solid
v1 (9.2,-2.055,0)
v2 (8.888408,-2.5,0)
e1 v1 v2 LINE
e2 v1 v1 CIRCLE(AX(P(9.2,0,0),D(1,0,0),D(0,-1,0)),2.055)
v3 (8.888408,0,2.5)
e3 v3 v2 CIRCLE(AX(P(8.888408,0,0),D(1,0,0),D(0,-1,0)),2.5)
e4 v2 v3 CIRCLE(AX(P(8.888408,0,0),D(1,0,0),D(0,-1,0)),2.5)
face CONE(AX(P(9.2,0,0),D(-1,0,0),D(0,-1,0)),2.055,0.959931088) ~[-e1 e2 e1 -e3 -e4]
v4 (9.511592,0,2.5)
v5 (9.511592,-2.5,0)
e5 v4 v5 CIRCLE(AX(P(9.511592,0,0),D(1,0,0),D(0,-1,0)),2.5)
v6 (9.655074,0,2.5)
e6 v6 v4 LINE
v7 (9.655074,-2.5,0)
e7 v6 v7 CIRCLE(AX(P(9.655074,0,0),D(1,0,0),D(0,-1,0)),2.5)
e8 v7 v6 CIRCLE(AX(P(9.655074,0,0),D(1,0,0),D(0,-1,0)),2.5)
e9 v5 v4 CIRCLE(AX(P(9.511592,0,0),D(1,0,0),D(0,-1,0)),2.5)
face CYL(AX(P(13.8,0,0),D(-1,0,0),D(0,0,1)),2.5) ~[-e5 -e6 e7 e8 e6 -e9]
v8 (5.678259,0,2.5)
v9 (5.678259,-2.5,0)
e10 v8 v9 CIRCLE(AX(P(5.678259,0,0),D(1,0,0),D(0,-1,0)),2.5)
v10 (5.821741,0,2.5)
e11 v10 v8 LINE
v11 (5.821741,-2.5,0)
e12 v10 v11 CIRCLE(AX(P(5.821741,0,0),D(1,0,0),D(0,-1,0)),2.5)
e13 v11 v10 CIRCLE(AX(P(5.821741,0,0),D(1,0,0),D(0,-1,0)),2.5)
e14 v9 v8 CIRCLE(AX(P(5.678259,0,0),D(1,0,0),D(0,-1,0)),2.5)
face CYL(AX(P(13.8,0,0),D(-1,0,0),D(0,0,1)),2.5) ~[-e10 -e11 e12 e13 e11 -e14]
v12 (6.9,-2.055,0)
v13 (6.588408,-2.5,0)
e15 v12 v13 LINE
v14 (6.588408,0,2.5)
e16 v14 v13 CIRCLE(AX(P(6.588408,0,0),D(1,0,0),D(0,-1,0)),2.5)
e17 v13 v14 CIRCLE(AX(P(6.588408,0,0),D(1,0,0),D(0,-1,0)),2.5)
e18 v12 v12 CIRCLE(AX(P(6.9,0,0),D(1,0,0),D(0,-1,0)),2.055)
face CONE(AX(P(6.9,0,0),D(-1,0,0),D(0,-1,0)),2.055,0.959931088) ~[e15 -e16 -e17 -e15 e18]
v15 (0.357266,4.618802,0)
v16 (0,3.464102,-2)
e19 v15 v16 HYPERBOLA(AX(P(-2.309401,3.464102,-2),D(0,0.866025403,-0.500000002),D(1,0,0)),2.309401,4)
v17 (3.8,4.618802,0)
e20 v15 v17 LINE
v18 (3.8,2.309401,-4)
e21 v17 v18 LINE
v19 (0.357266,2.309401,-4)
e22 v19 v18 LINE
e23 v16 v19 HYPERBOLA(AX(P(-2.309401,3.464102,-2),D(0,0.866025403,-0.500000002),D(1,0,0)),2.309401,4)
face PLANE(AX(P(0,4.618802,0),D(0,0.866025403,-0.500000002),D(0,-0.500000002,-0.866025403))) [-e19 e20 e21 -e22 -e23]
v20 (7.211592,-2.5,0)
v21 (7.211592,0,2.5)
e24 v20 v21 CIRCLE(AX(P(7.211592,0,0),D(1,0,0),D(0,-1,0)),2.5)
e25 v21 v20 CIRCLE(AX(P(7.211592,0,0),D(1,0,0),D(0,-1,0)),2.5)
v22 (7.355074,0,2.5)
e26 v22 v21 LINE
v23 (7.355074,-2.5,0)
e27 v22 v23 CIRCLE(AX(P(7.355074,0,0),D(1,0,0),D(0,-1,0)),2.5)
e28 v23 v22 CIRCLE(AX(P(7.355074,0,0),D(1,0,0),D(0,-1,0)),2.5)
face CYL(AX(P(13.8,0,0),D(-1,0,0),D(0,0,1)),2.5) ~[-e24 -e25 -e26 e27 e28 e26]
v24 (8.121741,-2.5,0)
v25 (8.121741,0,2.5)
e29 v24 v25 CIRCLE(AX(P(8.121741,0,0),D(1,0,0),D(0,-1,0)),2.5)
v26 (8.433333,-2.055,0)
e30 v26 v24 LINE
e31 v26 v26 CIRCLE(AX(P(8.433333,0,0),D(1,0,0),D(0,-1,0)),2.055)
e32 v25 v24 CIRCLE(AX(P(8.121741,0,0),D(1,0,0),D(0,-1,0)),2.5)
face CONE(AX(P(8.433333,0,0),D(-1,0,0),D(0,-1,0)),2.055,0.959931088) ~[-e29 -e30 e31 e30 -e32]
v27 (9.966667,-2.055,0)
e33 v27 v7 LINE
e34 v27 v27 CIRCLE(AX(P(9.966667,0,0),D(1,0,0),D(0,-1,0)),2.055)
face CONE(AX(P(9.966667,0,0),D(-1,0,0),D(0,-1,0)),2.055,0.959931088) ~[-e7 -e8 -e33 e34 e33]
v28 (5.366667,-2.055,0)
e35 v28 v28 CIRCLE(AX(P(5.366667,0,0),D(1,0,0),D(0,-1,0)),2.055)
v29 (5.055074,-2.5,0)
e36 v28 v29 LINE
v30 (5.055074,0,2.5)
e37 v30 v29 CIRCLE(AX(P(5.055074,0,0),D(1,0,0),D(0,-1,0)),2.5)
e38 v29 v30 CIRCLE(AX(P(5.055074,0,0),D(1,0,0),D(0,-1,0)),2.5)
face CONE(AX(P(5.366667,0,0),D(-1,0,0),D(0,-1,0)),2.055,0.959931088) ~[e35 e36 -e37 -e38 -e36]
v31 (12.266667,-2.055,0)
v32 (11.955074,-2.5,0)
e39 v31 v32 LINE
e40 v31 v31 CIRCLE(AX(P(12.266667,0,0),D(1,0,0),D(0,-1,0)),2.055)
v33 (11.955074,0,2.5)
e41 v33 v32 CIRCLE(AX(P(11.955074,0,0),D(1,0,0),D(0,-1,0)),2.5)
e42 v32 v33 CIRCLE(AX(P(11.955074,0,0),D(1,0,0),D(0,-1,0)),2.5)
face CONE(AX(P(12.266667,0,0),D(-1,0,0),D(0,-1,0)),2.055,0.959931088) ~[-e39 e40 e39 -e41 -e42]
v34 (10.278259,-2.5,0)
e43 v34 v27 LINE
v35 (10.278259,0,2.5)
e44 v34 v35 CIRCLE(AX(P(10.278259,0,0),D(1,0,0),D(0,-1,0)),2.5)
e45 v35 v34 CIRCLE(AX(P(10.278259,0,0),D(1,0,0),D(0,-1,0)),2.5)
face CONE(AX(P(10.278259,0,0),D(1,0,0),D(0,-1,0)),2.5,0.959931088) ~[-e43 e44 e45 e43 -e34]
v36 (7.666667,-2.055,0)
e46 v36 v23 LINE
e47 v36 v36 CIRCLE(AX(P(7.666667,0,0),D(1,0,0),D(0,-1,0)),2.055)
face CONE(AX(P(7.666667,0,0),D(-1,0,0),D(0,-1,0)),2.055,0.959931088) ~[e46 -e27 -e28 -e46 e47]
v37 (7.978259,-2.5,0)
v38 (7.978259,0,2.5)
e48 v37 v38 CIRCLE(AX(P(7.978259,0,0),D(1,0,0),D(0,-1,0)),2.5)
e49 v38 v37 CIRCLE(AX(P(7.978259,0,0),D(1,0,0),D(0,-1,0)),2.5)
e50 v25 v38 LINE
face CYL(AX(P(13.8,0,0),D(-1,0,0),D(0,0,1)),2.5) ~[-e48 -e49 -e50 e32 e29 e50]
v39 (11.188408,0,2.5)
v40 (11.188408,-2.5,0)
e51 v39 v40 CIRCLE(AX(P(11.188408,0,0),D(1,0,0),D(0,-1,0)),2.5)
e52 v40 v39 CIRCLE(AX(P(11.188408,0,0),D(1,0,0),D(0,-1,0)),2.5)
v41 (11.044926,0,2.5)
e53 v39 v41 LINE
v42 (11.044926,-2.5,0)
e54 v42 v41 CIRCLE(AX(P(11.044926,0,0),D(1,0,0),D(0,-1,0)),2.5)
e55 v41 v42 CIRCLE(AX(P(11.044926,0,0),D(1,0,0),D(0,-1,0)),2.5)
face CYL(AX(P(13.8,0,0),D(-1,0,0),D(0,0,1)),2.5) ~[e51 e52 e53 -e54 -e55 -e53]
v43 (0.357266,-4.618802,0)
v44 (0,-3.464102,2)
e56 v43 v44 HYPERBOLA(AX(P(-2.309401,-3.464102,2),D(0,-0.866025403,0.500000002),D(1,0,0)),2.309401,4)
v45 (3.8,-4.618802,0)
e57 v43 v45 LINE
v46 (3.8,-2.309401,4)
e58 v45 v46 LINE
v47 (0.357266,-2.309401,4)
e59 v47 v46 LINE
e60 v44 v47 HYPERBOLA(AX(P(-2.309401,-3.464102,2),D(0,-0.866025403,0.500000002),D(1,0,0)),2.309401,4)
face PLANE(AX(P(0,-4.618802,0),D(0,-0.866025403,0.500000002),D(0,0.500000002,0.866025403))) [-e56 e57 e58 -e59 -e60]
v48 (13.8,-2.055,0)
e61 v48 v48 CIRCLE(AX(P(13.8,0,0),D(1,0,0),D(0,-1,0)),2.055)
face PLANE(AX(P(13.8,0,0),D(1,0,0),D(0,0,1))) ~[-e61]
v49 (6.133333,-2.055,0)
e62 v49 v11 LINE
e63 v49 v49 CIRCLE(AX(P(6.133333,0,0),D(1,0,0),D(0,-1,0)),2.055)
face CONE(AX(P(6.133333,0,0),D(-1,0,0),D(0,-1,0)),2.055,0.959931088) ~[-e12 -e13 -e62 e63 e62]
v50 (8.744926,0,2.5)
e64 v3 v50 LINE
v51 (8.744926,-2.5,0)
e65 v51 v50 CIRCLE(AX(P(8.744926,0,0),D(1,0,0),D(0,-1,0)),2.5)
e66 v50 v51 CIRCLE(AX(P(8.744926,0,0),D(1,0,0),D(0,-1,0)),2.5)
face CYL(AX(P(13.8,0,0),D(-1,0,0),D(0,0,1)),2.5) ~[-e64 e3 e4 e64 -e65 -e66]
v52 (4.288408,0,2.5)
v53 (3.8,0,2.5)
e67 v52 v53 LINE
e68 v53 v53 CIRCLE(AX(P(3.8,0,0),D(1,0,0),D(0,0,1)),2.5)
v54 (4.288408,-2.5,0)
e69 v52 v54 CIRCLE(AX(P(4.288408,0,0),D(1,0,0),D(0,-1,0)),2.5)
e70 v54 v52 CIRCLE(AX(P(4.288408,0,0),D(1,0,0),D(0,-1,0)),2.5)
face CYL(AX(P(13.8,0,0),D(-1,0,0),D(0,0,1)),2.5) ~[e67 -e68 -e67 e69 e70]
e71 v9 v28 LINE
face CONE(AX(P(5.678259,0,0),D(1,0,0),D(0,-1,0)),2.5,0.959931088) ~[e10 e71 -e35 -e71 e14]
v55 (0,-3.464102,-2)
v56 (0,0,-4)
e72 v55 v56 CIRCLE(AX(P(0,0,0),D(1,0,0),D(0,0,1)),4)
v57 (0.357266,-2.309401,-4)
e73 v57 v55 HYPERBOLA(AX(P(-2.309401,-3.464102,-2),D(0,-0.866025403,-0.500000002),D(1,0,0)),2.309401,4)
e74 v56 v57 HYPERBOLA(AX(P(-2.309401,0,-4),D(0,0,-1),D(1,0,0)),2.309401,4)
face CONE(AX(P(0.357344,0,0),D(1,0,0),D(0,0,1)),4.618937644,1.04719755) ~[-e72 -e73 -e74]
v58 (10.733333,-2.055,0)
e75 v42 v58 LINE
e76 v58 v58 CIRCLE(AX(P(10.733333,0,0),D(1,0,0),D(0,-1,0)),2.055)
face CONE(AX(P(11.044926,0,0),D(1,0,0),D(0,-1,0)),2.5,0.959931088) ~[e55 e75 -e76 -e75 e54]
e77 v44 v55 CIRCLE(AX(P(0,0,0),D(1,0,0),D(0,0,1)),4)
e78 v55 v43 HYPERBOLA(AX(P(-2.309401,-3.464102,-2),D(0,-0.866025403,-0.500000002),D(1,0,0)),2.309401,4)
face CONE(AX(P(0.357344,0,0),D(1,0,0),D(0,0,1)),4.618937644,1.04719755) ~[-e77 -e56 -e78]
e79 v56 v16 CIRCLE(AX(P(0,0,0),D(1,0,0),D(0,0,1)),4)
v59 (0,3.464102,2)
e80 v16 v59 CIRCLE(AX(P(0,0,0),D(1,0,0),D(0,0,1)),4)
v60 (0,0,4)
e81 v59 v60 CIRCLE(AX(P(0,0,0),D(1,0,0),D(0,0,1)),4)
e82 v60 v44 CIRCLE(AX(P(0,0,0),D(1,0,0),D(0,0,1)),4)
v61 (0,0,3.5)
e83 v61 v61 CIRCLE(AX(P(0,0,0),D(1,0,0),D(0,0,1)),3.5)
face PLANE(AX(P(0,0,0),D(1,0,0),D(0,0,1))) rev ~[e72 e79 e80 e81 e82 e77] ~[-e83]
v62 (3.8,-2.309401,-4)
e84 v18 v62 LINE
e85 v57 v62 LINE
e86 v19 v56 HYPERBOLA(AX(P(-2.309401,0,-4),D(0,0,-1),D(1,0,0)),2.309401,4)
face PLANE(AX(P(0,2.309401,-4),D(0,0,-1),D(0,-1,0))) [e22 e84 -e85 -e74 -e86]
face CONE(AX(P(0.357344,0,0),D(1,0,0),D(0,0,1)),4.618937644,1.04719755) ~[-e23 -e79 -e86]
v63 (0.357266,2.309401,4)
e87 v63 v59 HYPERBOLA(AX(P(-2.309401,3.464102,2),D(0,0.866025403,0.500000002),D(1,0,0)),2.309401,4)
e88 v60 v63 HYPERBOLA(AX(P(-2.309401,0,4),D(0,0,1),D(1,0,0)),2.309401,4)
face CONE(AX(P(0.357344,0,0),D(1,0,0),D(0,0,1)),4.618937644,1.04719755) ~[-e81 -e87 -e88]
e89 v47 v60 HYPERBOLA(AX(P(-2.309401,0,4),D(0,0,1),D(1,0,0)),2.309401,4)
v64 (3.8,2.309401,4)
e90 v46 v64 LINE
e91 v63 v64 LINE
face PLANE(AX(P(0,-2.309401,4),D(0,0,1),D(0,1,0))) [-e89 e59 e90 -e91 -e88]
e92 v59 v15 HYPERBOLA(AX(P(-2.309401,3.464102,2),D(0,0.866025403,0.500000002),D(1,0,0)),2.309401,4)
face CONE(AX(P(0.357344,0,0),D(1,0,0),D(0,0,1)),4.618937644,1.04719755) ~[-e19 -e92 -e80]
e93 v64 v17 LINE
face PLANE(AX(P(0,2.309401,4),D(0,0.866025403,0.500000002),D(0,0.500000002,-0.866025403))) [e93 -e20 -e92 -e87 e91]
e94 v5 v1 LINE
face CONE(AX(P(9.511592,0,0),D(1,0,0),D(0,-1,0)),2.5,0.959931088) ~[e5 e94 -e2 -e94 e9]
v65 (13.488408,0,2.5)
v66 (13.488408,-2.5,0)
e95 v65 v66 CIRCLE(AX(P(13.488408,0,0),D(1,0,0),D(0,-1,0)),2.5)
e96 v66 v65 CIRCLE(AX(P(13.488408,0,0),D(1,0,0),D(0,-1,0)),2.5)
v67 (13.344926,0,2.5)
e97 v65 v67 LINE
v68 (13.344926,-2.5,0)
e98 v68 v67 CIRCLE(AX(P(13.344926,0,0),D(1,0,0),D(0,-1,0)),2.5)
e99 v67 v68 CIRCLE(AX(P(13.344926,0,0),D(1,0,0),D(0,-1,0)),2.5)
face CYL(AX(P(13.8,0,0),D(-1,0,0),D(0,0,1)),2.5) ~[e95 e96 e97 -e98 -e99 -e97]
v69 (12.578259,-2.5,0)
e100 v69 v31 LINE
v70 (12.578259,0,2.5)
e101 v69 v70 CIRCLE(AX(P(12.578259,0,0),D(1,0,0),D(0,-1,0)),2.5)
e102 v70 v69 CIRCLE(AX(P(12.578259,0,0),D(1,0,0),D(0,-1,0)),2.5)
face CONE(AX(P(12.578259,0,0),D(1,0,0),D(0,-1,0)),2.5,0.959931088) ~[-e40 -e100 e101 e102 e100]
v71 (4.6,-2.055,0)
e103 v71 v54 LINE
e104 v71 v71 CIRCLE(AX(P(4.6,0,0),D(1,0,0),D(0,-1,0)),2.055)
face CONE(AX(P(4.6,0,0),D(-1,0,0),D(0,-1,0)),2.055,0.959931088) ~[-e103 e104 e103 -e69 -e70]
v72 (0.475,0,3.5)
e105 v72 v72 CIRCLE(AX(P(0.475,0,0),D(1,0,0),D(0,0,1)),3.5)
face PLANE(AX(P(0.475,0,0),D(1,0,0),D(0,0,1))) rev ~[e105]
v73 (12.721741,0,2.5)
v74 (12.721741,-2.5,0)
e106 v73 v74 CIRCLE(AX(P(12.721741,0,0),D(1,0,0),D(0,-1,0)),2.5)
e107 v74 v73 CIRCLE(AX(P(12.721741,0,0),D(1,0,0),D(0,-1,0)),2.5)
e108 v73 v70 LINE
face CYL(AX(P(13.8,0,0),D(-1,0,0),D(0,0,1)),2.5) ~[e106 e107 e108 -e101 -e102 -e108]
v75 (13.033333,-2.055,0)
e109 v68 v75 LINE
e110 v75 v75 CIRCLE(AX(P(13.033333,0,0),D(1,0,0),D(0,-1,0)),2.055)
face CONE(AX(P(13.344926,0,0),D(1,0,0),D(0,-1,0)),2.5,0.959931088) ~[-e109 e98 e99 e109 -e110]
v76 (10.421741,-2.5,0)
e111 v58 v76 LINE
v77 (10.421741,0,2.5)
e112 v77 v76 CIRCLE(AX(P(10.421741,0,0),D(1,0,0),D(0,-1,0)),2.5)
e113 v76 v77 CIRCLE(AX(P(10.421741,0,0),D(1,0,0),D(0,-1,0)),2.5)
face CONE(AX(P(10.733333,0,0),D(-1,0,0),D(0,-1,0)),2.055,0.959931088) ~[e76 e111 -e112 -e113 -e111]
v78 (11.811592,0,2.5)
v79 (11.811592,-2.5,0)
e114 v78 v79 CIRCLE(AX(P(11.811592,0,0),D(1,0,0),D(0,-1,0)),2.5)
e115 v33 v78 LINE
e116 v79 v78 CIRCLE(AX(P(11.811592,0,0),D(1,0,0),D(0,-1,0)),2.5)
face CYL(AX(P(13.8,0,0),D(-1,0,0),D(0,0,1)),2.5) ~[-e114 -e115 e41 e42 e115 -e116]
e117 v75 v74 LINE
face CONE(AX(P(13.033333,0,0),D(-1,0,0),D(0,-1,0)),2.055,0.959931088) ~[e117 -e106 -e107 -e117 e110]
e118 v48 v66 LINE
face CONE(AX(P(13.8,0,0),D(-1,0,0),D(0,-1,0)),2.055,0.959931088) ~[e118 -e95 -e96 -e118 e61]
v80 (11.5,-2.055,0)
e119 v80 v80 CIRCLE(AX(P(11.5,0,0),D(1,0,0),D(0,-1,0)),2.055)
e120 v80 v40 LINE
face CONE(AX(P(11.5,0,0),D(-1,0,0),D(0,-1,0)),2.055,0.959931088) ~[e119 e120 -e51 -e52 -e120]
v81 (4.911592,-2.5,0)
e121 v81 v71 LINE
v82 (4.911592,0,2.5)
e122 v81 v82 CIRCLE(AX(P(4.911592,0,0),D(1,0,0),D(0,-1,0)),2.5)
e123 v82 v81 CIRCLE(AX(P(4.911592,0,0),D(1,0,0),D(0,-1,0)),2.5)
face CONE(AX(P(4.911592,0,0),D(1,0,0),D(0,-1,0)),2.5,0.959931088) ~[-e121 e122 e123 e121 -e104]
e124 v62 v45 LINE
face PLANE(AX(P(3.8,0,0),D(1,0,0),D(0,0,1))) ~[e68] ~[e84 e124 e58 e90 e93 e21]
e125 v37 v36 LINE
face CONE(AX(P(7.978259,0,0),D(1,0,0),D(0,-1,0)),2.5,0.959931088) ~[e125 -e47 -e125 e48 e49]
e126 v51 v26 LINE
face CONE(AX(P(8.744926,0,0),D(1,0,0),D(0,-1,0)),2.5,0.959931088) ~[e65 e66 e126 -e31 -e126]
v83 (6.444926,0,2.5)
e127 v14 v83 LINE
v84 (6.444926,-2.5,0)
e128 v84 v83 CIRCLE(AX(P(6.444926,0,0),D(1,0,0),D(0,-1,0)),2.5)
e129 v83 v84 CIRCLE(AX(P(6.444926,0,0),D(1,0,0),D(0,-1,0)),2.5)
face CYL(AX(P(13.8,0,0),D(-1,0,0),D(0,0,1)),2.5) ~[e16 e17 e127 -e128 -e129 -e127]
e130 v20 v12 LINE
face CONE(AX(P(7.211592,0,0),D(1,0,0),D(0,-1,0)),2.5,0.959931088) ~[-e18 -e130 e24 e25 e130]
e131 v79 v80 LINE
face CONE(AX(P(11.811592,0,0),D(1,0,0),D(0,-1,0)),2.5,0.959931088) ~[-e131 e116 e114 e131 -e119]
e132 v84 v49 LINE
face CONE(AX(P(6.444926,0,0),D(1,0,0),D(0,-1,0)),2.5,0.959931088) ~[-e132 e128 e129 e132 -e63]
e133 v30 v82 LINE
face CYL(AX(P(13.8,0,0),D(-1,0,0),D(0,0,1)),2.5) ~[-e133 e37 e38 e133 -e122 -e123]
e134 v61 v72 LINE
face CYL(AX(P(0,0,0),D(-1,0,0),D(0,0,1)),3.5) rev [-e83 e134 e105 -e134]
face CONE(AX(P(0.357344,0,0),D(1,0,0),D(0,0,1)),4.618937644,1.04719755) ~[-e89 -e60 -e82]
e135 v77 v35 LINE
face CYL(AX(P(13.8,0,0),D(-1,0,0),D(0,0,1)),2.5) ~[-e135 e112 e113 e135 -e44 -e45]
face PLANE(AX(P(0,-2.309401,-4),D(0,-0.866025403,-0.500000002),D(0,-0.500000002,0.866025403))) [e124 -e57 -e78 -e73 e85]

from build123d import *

# Parameters (mm, degrees)
SKETCH2_R       = 4.665127021
HEX_DIE_DEPTH   = 3.8
SKETCH4_R       = 3.5
INDENT_DEPTH    = 0.475
THDSCHPAT_COUNT = 13
THDSCHPAT_PITCH = 0.766666667


with BuildPart() as part:
    # BodySke → Base-Revolve (revolve)
    with BuildSketch(Plane.XY, mode=Mode.PRIVATE) as base_revolve_sk:
        Polygon((3.8, 2.5), (3.8, 4.618937644), (0.357343816, 4.618937644), (0, 4), (0, 0), (13.8, 0), (13.8, 2.5), align=None)
    revolve(base_revolve_sk.sketch.rotate(Axis((-25.4, 0, 0), (1, 0, 0)), 90), axis=Axis((-25.4, 0, 0), (1, 0, 0)))

    # Sketch2 → Hex-Die (cut)
    with BuildSketch(Plane(origin=(0, 0, 0), x_dir=(0, 0, -1), z_dir=(1, 0, 0))):
        Circle(SKETCH2_R)
        Polygon((-4, 2.309401087), (0, 4.618802174), (4, 2.309401087), (4, -2.309401087), (0, -4.618802174), (-4, -2.309401087), align=None, mode=Mode.SUBTRACT)
    extrude(amount=HEX_DIE_DEPTH, mode=Mode.SUBTRACT)

    # Sketch4 → Indent (cut)
    with BuildSketch(Plane(origin=(0, 0, 0), x_dir=(0, 0, -1), z_dir=(1, 0, 0))):
        with Locations(Location((0, 0, 0), (0, 0, 180))):
            Circle(SKETCH4_R)
    extrude(amount=INDENT_DEPTH, mode=Mode.SUBTRACT)

    # ThdSchSke → ThreadSchematic (revolve, cut)
    with BuildSketch(Plane.XY):
        Polygon((4.6, -2.055), (4.288407645, -2.5), (4.288407645, -3.125), (4.911592355, -3.125), (4.911592355, -2.5), align=None)
    threadschematic = revolve(axis=Axis((-3.175, 0, 0), (1, 0, 0)), mode=Mode.SUBTRACT)

    # ThdSchPat: ThreadSchematic ×13
    with Locations(*[(i * THDSCHPAT_PITCH, 0, 0) for i in range(1, THDSCHPAT_COUNT)]):
        add(threadschematic, mode=Mode.SUBTRACT)


solid = part.part
